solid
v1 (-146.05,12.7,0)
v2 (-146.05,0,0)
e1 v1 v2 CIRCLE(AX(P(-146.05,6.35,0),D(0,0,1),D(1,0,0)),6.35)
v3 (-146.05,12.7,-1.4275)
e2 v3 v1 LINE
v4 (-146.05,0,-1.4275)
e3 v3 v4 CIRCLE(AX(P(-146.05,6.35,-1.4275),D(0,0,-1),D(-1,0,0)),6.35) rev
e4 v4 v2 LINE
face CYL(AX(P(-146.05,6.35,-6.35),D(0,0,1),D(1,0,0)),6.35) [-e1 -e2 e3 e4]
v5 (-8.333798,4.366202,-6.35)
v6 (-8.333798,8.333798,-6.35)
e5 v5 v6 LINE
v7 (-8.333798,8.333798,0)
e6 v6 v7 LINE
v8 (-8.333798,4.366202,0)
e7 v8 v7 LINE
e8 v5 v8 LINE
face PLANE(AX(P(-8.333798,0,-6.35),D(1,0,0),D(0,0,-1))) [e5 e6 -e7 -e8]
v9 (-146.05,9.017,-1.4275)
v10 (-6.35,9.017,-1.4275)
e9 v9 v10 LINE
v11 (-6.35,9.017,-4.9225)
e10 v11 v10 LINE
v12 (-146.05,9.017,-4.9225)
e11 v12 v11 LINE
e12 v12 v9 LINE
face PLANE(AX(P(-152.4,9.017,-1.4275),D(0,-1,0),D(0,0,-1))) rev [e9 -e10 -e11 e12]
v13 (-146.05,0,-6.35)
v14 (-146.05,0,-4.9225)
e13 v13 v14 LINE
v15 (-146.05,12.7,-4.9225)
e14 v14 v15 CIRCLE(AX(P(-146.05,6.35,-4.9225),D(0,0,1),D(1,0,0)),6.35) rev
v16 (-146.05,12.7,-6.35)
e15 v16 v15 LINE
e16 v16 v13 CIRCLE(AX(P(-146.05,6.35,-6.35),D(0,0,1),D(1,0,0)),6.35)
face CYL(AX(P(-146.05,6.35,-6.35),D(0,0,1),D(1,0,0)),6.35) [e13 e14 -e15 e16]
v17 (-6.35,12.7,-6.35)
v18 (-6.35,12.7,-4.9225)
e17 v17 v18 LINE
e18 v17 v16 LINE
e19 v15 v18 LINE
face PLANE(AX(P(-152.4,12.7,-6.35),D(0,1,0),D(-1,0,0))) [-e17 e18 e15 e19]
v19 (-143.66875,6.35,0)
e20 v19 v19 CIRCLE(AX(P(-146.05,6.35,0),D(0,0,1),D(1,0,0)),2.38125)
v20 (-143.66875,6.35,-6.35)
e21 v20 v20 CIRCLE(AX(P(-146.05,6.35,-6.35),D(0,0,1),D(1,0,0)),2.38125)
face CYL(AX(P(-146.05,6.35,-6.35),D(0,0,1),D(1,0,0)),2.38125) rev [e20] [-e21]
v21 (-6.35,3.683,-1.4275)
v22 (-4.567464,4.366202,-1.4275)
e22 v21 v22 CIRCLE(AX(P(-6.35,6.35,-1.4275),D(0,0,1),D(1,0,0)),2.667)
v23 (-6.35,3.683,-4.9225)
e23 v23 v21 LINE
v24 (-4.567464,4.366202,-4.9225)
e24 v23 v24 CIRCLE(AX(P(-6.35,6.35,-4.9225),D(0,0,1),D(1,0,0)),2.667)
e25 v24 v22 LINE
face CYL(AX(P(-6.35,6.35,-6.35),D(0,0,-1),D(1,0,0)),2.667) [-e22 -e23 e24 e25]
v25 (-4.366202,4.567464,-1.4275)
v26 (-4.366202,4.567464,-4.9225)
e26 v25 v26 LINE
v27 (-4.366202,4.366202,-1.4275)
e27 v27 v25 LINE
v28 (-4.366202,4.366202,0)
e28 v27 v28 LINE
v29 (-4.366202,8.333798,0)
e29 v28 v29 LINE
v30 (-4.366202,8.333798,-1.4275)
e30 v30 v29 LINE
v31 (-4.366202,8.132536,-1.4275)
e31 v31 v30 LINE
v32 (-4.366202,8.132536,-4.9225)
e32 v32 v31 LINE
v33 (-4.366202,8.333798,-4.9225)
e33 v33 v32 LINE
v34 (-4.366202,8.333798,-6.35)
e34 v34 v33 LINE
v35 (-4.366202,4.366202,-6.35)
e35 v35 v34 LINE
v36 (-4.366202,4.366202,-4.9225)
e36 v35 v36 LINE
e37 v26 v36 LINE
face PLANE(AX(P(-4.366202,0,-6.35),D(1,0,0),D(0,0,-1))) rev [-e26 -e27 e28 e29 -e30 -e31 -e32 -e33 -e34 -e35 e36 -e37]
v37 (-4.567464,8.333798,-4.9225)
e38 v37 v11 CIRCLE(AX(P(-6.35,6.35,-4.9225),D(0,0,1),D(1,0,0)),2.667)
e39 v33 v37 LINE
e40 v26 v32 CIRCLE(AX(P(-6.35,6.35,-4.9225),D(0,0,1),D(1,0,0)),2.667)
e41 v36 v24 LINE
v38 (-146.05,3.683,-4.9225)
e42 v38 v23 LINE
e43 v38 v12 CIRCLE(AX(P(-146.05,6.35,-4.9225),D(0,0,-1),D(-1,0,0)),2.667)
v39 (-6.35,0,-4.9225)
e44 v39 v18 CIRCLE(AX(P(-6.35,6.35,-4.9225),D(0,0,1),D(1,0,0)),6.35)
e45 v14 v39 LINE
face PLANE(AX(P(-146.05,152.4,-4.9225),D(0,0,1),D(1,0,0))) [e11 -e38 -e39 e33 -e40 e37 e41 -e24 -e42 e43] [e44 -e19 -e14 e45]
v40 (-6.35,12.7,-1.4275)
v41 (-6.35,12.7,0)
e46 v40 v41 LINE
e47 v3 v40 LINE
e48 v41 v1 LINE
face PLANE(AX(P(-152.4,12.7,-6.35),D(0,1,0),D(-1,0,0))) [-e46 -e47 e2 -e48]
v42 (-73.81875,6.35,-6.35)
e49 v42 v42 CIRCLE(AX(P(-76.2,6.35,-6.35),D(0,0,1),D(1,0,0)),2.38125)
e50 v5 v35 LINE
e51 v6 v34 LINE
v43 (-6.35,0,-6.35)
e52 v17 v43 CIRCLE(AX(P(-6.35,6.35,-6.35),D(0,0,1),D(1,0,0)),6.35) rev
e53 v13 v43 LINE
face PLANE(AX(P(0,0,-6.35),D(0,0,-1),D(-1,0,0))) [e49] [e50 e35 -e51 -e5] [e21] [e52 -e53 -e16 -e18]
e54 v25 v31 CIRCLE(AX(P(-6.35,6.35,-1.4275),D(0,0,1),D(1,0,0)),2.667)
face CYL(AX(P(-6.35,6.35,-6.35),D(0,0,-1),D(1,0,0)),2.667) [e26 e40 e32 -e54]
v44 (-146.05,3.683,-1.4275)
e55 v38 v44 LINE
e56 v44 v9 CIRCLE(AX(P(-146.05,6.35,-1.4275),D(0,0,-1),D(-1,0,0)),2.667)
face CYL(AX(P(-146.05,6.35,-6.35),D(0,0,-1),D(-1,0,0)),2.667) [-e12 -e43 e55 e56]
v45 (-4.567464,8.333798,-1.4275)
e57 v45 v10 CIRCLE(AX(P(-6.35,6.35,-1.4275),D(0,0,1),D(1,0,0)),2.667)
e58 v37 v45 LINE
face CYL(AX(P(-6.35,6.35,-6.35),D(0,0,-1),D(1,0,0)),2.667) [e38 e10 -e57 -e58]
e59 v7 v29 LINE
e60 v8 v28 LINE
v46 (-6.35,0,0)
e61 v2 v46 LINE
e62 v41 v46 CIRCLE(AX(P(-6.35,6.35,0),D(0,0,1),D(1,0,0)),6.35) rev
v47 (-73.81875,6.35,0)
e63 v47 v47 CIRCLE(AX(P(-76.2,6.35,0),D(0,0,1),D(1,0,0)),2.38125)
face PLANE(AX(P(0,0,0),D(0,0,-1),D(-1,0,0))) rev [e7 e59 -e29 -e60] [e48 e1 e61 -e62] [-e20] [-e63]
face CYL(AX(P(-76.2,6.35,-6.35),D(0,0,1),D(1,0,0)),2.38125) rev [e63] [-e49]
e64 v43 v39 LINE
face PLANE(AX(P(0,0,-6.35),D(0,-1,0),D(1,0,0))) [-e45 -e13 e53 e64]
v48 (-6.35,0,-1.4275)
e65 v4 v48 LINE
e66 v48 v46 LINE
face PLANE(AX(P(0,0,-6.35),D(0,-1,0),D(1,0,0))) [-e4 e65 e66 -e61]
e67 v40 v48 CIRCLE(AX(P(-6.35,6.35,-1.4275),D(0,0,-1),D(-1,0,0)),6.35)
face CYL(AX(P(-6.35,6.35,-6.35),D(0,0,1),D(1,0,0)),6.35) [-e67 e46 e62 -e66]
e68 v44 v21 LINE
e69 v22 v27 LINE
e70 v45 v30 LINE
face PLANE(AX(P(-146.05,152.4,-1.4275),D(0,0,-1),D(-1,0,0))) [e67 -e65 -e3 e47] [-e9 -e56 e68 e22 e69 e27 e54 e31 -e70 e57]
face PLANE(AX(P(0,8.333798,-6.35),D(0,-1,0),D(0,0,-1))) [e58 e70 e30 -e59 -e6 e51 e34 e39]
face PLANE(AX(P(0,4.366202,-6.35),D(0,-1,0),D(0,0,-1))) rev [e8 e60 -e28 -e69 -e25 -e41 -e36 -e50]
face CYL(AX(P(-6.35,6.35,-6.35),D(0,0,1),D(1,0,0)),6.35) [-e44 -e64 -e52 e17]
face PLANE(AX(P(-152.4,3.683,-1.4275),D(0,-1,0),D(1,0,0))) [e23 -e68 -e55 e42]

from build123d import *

# Parameters (mm, degrees)
ESQUISSE1_W             = 152.4
ESQUISSE1_H             = 12.7
BOSS_EXTRU_1_DEPTH      = 6.35
ESQUISSE2_W             = 3.967596046
ESQUISSE2_H             = 3.967596046
ESQUISSE2_W_2           = 3.367596046
ESQUISSE2_H_2           = 3.367596046
ESQUISSE2_W_3           = 3.167596046
ESQUISSE2_H_3           = 3.167596046
ESQUISSE2_R             = 2.38125
ENL_V_MAT_EXTRU_1_DEPTH = 154.060029074
SKETCH1_W               = 14.17076538
SKETCH1_H               = 3.495000122
CUT_REVOLVE1_ANGLE      = 180
SKETCH2_W               = 3.495000122
SKETCH2_H               = 3.683
CUT_EXTRUDE1_DEPTH      = 154.060029074
ESQUISSE2_3_W           = 3.367596046
ESQUISSE2_3_H           = 3.367596046
ESQUISSE2_3_W_2         = 3.167596046
ESQUISSE2_3_H_2         = 3.167596046
CUT_EXTRUDE2_DEPTH      = 154.060029074


with BuildPart() as part:
    # Esquisse1 → Boss.-Extru.1 (new body)
    with BuildSketch(Plane.XY):
        with Locations((-76.2, 6.35)):
            Rectangle(ESQUISSE1_W, ESQUISSE1_H)
    extrude(amount=-BOSS_EXTRU_1_DEPTH)

    # Esquisse2 → Enlèv. mat.-Extru.1 (cut, through all)
    # profile 1 of 8: a face of its own
    with BuildSketch(Plane.XY):
        with BuildLine():
            Line((0, 0), (0, 6.35))
            ThreePointArc((0, 6.35), (-1.859871939, 1.859871939), (-6.35, 0))
            Line((-6.35, 0), (0, 0))
        make_face()
    # profile 2 of 8: a face of its own
    with BuildSketch(Plane.XY):
        with BuildLine():
            Line((0, 12.7), (-6.35, 12.7))
            ThreePointArc((-6.35, 12.7), (-1.859871939, 10.840128061), (0, 6.35))
            Line((0, 6.35), (0, 12.7))
        make_face()
    # profile 3 of 8: a face of its own
    with BuildSketch(Plane.XY):
        with BuildLine():
            ThreePointArc((-152.4, 6.35), (-150.540128061, 10.840128061), (-146.05, 12.7))
            Line((-146.05, 12.7), (-152.4, 12.7))
            Line((-152.4, 12.7), (-152.4, 6.35))
        make_face()
    # profile 4 of 8: a face of its own
    with BuildSketch(Plane.XY):
        with BuildLine():
            ThreePointArc((-146.05, 0), (-150.540128061, 1.859871939), (-152.4, 6.35))
            Line((-152.4, 6.35), (-152.4, 0))
            Line((-152.4, 0), (-146.05, 0))
        make_face()
    # profile 5 of 8: a face of its own
    with BuildSketch(Plane.XY):
        with Locations((-6.35, 6.35)):
            Rectangle(ESQUISSE2_W, ESQUISSE2_H)
        with Locations((-6.35, 6.35)):
            Rectangle(ESQUISSE2_W_2, ESQUISSE2_H_2, mode=Mode.SUBTRACT)
    # profile 6 of 8: a face of its own
    with BuildSketch(Plane.XY):
        with Locations((-6.35, 6.35)):
            Rectangle(ESQUISSE2_W_3, ESQUISSE2_H_3)
    # profile 7 of 8: a face of its own
    with BuildSketch(Plane.XY):
        with Locations((-146.05, 6.35)):
            Circle(ESQUISSE2_R)
    # profile 8 of 8: a face of its own
    with BuildSketch(Plane.XY):
        with Locations((-76.2, 6.35)):
            Circle(ESQUISSE2_R)
    extrude(amount=-ENL_V_MAT_EXTRU_1_DEPTH, mode=Mode.SUBTRACT)


with BuildPart() as enl_v_mat_extru_1_piece_1:
    # of the separate pieces the step leaves, piece 1, a body of its own (enl_v_mat_extru_1_pieces)
    add(part.part.solids().sort_by_distance((-6.35, 0, 0))[0])

    # Sketch1 → Cut-Revolve1 (revolve, symmetric, cut)
    with BuildSketch(Plane(origin=(0, 6.35, 0), x_dir=(1, 0, 0), z_dir=(0, 1, 0))) as cut_revolve1_sk:
        Polygon((-150.5585, 1.427499939), (-152.4, 1.427499939), (-152.4, 4.922500061), (-150.5585, 4.922500061), (-148.717, 4.922500061), (-148.717, 1.427499939), align=None)
        with Locations((-159.48538269, 3.175)):
            Rectangle(SKETCH1_W, SKETCH1_H)
    cut_revolve1 = revolve(axis=Axis((-146.05, 6.35, -6.35), (0, 0, 1)), revolution_arc=CUT_REVOLVE1_ANGLE / 2, mode=Mode.SUBTRACT)
    cut_revolve1 = cut_revolve1 + revolve(cut_revolve1_sk.sketch, axis=Axis((-146.05, 6.35, -6.35), (0, 0, -1)), revolution_arc=CUT_REVOLVE1_ANGLE / 2, mode=Mode.SUBTRACT)

    # Mirror1: Cut-Revolve1 across plane
    add(cut_revolve1.mirror(Plane(origin=(-76.2, 0, 0), x_dir=(0, 0, 1), z_dir=(1, 0, 0))), mode=Mode.SUBTRACT)

    # Sketch2 → Cut-Extrude1 (cut, through all)
    with BuildSketch(Plane(origin=(0, 0, 0), x_dir=(0, 0, -1), z_dir=(1, 0, 0))):
        with Locations((3.175, 10.8585)):
            Rectangle(SKETCH2_W, SKETCH2_H)
    cut_extrude1 = extrude(amount=-CUT_EXTRUDE1_DEPTH, mode=Mode.SUBTRACT)

    # Mirror2: Cut-Extrude1 across plane
    add(cut_extrude1.mirror(Plane.ZX.offset(6.35)), mode=Mode.SUBTRACT)


with BuildPart() as enl_v_mat_extru_1_piece_2:
    # of the separate pieces the step leaves, piece 2, a body of its own (enl_v_mat_extru_1_pieces)
    add(part.part.solids().sort_by_distance((-8.033798023, 4.666201977, 0))[0])

    # Esquisse2<3> → Cut-Extrude2 (cut, through all)
    with BuildSketch(Plane.XY):
        with Locations((-6.35, 6.35)):
            Rectangle(ESQUISSE2_3_W, ESQUISSE2_3_H)
        with Locations((-6.35, 6.35)):
            Rectangle(ESQUISSE2_3_W_2, ESQUISSE2_3_H_2, mode=Mode.SUBTRACT)
    extrude(amount=-CUT_EXTRUDE2_DEPTH, mode=Mode.SUBTRACT)


solid = enl_v_mat_extru_1_piece_1.part
